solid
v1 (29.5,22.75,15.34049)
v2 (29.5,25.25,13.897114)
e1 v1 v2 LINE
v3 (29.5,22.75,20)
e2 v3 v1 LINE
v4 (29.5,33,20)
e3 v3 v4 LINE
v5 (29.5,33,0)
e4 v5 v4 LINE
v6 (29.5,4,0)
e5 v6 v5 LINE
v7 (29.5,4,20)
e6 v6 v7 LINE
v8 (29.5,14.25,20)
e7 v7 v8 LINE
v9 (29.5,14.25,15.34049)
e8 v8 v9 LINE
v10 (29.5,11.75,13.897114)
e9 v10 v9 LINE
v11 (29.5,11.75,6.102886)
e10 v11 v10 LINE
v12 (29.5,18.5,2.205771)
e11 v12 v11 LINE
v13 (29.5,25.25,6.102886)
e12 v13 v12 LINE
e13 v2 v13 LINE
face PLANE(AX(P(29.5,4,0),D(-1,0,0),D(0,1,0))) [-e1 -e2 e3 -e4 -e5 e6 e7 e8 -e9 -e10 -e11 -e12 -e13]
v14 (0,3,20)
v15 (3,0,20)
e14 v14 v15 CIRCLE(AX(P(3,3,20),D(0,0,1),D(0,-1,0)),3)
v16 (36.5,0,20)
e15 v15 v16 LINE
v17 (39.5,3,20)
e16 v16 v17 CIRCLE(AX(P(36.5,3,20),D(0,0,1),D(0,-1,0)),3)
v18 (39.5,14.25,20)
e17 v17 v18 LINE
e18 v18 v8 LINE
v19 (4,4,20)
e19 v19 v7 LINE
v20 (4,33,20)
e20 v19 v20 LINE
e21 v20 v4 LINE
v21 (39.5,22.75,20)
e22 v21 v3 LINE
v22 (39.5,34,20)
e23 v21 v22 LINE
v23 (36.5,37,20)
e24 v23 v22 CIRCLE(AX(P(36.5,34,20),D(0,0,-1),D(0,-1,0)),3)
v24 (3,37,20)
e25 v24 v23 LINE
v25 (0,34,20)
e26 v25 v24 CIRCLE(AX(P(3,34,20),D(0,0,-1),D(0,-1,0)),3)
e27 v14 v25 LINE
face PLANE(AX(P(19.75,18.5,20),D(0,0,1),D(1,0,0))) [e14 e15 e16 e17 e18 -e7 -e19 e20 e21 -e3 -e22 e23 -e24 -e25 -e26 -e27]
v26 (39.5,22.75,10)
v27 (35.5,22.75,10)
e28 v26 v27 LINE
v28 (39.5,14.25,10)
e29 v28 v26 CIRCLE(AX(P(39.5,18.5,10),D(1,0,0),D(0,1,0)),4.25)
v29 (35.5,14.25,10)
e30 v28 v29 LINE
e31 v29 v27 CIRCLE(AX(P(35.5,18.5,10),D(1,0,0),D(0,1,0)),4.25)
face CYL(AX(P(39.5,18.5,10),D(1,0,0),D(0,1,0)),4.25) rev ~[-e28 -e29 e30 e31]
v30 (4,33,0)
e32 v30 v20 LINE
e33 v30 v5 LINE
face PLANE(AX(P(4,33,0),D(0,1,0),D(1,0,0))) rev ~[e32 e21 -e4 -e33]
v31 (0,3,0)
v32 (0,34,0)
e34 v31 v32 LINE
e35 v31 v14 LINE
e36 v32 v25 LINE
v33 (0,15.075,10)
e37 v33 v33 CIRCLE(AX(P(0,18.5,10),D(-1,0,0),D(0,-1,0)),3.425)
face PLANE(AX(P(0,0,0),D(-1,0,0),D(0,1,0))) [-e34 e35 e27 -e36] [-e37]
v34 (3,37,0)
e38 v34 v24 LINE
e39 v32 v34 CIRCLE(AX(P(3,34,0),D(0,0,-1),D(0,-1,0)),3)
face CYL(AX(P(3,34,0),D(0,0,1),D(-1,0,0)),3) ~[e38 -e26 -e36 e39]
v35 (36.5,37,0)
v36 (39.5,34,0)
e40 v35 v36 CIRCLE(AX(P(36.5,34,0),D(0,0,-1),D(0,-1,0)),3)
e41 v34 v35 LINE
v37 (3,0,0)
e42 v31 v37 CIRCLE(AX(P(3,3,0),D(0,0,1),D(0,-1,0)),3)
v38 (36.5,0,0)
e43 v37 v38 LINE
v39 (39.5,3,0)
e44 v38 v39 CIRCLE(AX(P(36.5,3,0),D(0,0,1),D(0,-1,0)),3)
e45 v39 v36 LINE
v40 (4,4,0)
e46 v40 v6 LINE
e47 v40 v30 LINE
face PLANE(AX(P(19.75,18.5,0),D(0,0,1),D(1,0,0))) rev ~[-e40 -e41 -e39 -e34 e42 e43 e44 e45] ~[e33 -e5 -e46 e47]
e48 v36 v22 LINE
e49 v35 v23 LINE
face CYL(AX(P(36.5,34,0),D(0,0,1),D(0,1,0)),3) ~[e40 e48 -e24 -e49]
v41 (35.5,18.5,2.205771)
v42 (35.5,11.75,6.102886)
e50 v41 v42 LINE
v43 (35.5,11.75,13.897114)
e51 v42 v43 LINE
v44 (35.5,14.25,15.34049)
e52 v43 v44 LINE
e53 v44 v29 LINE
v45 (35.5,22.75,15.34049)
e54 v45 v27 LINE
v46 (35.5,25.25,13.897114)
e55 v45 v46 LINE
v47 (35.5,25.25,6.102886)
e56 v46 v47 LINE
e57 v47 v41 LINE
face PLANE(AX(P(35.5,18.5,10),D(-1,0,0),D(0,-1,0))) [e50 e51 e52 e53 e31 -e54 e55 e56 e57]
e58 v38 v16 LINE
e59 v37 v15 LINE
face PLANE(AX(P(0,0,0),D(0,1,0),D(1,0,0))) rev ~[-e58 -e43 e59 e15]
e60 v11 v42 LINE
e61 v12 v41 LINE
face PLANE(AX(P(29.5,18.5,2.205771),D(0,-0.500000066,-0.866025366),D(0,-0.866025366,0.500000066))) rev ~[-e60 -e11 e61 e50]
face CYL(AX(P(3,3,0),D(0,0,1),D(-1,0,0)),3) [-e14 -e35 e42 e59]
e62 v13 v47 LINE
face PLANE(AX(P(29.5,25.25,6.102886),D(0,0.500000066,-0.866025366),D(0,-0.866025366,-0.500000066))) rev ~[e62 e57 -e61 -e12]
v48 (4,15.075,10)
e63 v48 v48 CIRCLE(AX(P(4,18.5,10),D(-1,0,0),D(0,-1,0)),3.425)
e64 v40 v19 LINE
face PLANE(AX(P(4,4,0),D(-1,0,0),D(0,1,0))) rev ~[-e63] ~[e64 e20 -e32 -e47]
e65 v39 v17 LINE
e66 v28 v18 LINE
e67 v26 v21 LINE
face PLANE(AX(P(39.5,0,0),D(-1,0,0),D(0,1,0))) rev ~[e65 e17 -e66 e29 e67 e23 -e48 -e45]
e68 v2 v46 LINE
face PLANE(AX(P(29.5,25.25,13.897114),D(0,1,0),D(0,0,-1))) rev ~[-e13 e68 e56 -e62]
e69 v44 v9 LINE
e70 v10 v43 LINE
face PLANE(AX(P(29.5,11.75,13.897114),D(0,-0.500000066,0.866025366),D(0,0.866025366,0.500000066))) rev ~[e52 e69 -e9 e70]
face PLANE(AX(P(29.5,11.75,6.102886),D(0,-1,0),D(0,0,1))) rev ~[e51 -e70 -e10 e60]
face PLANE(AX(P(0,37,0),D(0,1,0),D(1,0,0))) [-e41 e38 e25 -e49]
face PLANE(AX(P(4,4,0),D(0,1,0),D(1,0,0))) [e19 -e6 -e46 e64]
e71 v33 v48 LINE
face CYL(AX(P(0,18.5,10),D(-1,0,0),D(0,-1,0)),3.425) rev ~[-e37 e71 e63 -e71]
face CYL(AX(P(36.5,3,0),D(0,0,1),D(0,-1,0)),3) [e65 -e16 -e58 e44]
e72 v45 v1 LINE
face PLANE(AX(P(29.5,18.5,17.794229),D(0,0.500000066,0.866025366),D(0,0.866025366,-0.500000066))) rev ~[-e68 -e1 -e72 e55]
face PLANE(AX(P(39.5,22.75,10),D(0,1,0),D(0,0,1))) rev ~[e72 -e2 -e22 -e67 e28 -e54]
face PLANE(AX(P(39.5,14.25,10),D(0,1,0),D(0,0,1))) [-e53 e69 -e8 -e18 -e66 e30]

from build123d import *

# Parameters (mm, degrees)
SKETCH004_W     = 39.5
SKETCH004_H     = 37
SKETCH004_W_2   = 25.5
SKETCH004_H_2   = 29
PAD002_DEPTH    = 20
SKETCH005_R     = 3.425
HOLE003_DEPTH   = 5
HOLE003_TIPS_R  = 3.425
SKETCH006_R     = 4.25
HOLE004_DEPTH   = 15
HOLE004_TIPS_R  = 4.25
POCKET_DEPTH    = 6
SKETCH008_W     = 8.5
SKETCH008_H     = 10
POCKET001_DEPTH = 15
FILLET003_R     = 3


with BuildPart() as part:
    # Sketch004 → Pad002 (new body)
    with BuildSketch(Plane.XY):
        with Locations((19.75, 18.5)):
            Rectangle(SKETCH004_W, SKETCH004_H)
        with Locations((16.75, 18.5)):
            Rectangle(SKETCH004_W_2, SKETCH004_H_2, mode=Mode.SUBTRACT)
    extrude(amount=PAD002_DEPTH)

    # Sketch005 (on Face4 of Pad002) → Hole003 (cut)
    with BuildSketch(Plane(origin=(0, 0, 0), x_dir=(0, -1, 0), z_dir=(-1, 0, 0))):
        with Locations((-18.5, 10)):
            Circle(SKETCH005_R)
    extrude(amount=-HOLE003_DEPTH, mode=Mode.SUBTRACT)

    # Hole003 tips → Hole003 tip 1 section 0
    with BuildSketch(Plane(origin=(5, 0, 0), x_dir=(0, -1, 0), z_dir=(-1, 0, 0)), mode=Mode.PRIVATE) as hole003_tip_1_s0:
        with Locations((-18.5, 10)):
            Circle(HOLE003_TIPS_R)
    loft([hole003_tip_1_s0.sketch, Vertex(7.057948, 18.5, 10)], mode=Mode.SUBTRACT)

    # Sketch006 (on Face3 of Hole003) → Hole004 (cut)
    with BuildSketch(Plane.YZ.offset(39.5)):
        with Locations((18.5, 10)):
            Circle(SKETCH006_R)
    extrude(amount=-HOLE004_DEPTH, mode=Mode.SUBTRACT)

    # Hole004 tips → Hole004 tip 1 section 0
    with BuildSketch(Plane.YZ.offset(24.5), mode=Mode.PRIVATE) as hole004_tip_1_s0:
        with Locations((18.5, 10)):
            Circle(HOLE004_TIPS_R)
    loft([hole004_tip_1_s0.sketch, Vertex(21.946342, 18.5, 10)], mode=Mode.SUBTRACT)

    # Sketch007 (on Face10 of Hole004) → Pocket (cut)
    with BuildSketch(Plane(origin=(29.5, 0, 0), x_dir=(0, -1, 0), z_dir=(-1, 0, 0))):
        Polygon((-11.75, 13.897114), (-18.5, 17.794229), (-25.25, 13.897114), (-25.25, 6.102886), (-18.5, 2.205771), (-11.75, 6.102886), align=None)
    extrude(amount=-POCKET_DEPTH, mode=Mode.SUBTRACT)

    # Sketch008 (on Face3 of Pocket) → Pocket001 (cut)
    with BuildSketch(Plane.YZ.offset(39.5)):
        with Locations((18.5, 15)):
            Rectangle(SKETCH008_W, SKETCH008_H)
    extrude(amount=-POCKET001_DEPTH, mode=Mode.SUBTRACT)

    # Fillet003
    fillet003_edges = [part.edges().sort_by_distance(p)[0] for p in [
        (0, 0, 10),
        (39.5, 0, 10),
        (0, 37, 10),
        (39.5, 37, 10),
    ]]
    fillet(fillet003_edges, radius=FILLET003_R)


solid = part.part
